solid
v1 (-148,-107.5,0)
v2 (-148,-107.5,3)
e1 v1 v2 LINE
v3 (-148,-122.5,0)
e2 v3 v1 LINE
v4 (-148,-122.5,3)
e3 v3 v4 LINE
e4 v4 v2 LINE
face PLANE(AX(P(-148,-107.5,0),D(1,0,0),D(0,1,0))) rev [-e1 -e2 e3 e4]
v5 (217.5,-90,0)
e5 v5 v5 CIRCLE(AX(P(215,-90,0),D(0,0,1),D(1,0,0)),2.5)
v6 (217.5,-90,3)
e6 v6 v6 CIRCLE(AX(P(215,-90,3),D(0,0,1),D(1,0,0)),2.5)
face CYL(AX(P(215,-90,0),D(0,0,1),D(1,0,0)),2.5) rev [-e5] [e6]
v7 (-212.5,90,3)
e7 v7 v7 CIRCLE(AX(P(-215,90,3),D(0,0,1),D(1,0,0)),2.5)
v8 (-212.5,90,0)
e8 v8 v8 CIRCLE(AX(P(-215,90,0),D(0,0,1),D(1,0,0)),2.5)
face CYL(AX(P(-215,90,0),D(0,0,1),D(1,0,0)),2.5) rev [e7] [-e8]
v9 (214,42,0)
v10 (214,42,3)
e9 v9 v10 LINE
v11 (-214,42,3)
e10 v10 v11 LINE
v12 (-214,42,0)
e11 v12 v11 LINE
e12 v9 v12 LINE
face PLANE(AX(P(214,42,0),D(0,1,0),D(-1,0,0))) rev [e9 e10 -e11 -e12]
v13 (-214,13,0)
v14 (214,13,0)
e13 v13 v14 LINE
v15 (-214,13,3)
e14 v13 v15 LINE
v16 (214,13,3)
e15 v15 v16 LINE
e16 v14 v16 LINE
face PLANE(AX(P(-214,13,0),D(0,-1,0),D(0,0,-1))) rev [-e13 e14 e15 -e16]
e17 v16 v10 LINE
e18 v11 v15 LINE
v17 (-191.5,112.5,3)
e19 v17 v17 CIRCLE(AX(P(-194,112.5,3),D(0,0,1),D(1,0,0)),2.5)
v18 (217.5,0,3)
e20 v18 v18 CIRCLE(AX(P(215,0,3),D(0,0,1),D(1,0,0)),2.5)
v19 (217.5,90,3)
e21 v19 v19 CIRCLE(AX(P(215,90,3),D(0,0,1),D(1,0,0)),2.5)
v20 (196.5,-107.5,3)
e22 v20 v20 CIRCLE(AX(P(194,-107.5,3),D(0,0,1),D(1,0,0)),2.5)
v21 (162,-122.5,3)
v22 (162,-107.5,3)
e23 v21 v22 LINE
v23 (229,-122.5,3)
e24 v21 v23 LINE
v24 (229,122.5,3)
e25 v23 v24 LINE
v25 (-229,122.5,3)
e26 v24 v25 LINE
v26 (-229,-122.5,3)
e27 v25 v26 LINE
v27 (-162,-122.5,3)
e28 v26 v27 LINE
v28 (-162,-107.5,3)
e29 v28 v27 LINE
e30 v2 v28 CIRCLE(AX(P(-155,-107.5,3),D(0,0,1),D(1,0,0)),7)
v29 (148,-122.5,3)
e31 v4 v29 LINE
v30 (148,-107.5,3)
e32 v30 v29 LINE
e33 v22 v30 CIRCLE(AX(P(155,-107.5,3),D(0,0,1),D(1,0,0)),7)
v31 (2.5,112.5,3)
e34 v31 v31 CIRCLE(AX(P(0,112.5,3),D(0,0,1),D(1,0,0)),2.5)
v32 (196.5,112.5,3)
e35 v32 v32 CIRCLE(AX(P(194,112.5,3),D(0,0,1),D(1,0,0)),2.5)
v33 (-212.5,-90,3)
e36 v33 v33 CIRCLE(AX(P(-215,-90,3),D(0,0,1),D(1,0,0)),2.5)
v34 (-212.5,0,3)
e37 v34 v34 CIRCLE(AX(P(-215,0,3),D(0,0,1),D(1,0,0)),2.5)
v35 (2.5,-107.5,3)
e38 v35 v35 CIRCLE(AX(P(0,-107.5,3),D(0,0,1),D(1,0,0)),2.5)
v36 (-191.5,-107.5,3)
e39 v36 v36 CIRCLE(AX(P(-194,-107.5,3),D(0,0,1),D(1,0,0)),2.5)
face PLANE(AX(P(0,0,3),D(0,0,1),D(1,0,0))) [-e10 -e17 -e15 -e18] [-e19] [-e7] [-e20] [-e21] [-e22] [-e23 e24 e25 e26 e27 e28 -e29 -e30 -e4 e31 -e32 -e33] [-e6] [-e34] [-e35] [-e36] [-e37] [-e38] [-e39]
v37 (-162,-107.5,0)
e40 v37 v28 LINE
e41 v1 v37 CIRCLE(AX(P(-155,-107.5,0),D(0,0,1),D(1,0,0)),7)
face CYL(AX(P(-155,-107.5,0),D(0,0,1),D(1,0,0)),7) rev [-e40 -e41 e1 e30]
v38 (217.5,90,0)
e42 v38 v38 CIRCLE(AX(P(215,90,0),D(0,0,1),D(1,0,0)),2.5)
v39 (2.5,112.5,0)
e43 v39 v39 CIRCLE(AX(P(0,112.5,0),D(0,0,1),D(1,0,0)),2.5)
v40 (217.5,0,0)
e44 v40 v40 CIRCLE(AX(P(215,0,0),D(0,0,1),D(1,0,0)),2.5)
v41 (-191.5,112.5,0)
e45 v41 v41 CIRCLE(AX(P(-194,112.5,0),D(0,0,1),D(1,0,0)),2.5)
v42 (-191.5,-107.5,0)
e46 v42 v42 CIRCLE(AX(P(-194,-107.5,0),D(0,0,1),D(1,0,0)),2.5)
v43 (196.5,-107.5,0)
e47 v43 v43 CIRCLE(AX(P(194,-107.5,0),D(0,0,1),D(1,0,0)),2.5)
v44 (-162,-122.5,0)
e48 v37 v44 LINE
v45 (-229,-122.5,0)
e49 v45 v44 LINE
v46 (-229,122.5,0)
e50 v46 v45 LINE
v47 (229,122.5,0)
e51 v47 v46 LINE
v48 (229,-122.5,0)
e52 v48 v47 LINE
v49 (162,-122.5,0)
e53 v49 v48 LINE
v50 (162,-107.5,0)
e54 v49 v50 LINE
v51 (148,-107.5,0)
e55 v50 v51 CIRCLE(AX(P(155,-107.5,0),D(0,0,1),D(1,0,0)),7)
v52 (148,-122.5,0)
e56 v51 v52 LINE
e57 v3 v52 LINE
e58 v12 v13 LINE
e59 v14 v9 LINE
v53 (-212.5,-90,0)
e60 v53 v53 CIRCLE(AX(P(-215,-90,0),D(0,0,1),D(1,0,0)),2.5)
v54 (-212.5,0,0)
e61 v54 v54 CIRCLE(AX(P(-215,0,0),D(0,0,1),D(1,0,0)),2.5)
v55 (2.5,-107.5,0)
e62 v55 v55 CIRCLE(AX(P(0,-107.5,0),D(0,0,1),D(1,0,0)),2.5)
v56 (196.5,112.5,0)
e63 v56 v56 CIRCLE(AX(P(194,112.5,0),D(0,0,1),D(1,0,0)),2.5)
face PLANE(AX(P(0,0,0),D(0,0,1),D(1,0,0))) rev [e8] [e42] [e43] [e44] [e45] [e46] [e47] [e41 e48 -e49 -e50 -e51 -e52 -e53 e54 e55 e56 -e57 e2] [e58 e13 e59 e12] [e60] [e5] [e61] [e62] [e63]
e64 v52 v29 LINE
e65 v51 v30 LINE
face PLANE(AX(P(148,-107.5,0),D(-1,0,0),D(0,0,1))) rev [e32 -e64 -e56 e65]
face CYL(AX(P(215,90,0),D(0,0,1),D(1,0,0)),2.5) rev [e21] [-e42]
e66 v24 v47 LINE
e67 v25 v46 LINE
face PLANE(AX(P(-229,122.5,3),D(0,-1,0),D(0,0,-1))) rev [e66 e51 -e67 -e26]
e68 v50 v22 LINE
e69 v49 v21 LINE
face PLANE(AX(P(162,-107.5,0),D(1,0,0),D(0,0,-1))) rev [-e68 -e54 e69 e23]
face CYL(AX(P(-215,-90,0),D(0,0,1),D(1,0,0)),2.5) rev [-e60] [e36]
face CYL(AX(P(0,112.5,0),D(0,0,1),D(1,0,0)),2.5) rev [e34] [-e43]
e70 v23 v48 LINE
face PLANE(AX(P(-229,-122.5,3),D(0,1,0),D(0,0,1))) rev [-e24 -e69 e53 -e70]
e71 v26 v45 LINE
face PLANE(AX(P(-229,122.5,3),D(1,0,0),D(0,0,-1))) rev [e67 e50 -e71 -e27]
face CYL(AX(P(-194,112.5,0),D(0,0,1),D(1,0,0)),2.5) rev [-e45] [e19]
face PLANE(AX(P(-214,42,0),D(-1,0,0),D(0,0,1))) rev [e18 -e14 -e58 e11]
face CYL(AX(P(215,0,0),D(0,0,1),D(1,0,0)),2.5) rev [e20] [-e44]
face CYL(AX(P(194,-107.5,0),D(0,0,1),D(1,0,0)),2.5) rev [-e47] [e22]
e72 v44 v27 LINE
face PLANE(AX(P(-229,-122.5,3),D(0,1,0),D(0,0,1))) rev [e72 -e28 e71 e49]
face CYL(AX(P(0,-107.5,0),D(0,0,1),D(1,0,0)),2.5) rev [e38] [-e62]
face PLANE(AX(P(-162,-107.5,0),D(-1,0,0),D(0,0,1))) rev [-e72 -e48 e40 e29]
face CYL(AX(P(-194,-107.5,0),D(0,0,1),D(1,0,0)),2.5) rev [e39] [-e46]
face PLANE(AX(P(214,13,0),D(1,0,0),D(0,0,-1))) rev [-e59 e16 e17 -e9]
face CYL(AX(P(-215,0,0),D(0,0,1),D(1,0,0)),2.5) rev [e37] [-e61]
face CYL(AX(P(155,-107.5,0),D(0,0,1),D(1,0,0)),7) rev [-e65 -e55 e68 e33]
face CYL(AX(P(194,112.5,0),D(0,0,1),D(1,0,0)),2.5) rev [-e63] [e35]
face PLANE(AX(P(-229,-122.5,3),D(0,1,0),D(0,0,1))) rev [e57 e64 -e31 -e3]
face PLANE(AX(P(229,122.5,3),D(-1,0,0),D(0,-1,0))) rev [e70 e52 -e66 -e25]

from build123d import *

# Parameters (mm, degrees)
SKETCH1_W           = 458
SKETCH1_H           = 245
BOSS_EXTRUDE1_DEPTH = 3
CUT_EXTRUDE1_DEPTH  = 260.723410574
SKETCH3_R           = 2.5
CUT_EXTRUDE2_DEPTH  = 260.723410574
SKETCH4_W           = 428
SKETCH4_H           = 29
CUT_EXTRUDE3_DEPTH  = 260.723410574


with BuildPart() as part:
    # Sketch1 → Boss-Extrude1 (new body)
    with BuildSketch(Plane.XY):
        Rectangle(SKETCH1_W, SKETCH1_H)
    extrude(amount=BOSS_EXTRUDE1_DEPTH)

    # Sketch2 → Cut-Extrude1 (cut, through all)
    with BuildSketch(Plane.XY.offset(3)):
        with BuildLine():
            Line((-148, -107.5), (-148, -122.5))
            ThreePointArc((-148, -122.5), (-155, -129.5), (-162, -122.5))
            Line((-162, -122.5), (-162, -107.5))
            ThreePointArc((-162, -107.5), (-155, -100.5), (-148, -107.5))
        make_face()
        with BuildLine():
            Line((162, -107.5), (162, -122.5))
            ThreePointArc((162, -122.5), (155, -129.5), (148, -122.5))
            Line((148, -122.5), (148, -107.5))
            ThreePointArc((148, -107.5), (155, -100.5), (162, -107.5))
        make_face()
    extrude(amount=-CUT_EXTRUDE1_DEPTH, mode=Mode.SUBTRACT)

    # Sketch3 → Cut-Extrude2 (cut, through all)
    with BuildSketch(Plane.XY.offset(3)):
        with Locations((-194, 112.5)):
            Circle(SKETCH3_R)
        with Locations((-194, -107.5)):
            Circle(SKETCH3_R)
        with Locations((194, -107.5)):
            Circle(SKETCH3_R)
        with Locations((194, 112.5)):
            Circle(SKETCH3_R)
        with Locations((-215, 0)):
            Circle(SKETCH3_R)
        with Locations((-215, -90)):
            Circle(SKETCH3_R)
        with Locations((-215, 90)):
            Circle(SKETCH3_R)
        with Locations((215, 0)):
            Circle(SKETCH3_R)
        with Locations((215, -90)):
            Circle(SKETCH3_R)
        with Locations((215, 90)):
            Circle(SKETCH3_R)
        with Locations((0, 112.5)):
            Circle(SKETCH3_R)
        with Locations((0, -107.5)):
            Circle(SKETCH3_R)
    extrude(amount=-CUT_EXTRUDE2_DEPTH, mode=Mode.SUBTRACT)

    # Sketch4 → Cut-Extrude3 (cut, through all)
    with BuildSketch(Plane.XY.offset(3)):
        with Locations((0, 27.5)):
            Rectangle(SKETCH4_W, SKETCH4_H)
    extrude(amount=-CUT_EXTRUDE3_DEPTH, mode=Mode.SUBTRACT)


solid = part.part
